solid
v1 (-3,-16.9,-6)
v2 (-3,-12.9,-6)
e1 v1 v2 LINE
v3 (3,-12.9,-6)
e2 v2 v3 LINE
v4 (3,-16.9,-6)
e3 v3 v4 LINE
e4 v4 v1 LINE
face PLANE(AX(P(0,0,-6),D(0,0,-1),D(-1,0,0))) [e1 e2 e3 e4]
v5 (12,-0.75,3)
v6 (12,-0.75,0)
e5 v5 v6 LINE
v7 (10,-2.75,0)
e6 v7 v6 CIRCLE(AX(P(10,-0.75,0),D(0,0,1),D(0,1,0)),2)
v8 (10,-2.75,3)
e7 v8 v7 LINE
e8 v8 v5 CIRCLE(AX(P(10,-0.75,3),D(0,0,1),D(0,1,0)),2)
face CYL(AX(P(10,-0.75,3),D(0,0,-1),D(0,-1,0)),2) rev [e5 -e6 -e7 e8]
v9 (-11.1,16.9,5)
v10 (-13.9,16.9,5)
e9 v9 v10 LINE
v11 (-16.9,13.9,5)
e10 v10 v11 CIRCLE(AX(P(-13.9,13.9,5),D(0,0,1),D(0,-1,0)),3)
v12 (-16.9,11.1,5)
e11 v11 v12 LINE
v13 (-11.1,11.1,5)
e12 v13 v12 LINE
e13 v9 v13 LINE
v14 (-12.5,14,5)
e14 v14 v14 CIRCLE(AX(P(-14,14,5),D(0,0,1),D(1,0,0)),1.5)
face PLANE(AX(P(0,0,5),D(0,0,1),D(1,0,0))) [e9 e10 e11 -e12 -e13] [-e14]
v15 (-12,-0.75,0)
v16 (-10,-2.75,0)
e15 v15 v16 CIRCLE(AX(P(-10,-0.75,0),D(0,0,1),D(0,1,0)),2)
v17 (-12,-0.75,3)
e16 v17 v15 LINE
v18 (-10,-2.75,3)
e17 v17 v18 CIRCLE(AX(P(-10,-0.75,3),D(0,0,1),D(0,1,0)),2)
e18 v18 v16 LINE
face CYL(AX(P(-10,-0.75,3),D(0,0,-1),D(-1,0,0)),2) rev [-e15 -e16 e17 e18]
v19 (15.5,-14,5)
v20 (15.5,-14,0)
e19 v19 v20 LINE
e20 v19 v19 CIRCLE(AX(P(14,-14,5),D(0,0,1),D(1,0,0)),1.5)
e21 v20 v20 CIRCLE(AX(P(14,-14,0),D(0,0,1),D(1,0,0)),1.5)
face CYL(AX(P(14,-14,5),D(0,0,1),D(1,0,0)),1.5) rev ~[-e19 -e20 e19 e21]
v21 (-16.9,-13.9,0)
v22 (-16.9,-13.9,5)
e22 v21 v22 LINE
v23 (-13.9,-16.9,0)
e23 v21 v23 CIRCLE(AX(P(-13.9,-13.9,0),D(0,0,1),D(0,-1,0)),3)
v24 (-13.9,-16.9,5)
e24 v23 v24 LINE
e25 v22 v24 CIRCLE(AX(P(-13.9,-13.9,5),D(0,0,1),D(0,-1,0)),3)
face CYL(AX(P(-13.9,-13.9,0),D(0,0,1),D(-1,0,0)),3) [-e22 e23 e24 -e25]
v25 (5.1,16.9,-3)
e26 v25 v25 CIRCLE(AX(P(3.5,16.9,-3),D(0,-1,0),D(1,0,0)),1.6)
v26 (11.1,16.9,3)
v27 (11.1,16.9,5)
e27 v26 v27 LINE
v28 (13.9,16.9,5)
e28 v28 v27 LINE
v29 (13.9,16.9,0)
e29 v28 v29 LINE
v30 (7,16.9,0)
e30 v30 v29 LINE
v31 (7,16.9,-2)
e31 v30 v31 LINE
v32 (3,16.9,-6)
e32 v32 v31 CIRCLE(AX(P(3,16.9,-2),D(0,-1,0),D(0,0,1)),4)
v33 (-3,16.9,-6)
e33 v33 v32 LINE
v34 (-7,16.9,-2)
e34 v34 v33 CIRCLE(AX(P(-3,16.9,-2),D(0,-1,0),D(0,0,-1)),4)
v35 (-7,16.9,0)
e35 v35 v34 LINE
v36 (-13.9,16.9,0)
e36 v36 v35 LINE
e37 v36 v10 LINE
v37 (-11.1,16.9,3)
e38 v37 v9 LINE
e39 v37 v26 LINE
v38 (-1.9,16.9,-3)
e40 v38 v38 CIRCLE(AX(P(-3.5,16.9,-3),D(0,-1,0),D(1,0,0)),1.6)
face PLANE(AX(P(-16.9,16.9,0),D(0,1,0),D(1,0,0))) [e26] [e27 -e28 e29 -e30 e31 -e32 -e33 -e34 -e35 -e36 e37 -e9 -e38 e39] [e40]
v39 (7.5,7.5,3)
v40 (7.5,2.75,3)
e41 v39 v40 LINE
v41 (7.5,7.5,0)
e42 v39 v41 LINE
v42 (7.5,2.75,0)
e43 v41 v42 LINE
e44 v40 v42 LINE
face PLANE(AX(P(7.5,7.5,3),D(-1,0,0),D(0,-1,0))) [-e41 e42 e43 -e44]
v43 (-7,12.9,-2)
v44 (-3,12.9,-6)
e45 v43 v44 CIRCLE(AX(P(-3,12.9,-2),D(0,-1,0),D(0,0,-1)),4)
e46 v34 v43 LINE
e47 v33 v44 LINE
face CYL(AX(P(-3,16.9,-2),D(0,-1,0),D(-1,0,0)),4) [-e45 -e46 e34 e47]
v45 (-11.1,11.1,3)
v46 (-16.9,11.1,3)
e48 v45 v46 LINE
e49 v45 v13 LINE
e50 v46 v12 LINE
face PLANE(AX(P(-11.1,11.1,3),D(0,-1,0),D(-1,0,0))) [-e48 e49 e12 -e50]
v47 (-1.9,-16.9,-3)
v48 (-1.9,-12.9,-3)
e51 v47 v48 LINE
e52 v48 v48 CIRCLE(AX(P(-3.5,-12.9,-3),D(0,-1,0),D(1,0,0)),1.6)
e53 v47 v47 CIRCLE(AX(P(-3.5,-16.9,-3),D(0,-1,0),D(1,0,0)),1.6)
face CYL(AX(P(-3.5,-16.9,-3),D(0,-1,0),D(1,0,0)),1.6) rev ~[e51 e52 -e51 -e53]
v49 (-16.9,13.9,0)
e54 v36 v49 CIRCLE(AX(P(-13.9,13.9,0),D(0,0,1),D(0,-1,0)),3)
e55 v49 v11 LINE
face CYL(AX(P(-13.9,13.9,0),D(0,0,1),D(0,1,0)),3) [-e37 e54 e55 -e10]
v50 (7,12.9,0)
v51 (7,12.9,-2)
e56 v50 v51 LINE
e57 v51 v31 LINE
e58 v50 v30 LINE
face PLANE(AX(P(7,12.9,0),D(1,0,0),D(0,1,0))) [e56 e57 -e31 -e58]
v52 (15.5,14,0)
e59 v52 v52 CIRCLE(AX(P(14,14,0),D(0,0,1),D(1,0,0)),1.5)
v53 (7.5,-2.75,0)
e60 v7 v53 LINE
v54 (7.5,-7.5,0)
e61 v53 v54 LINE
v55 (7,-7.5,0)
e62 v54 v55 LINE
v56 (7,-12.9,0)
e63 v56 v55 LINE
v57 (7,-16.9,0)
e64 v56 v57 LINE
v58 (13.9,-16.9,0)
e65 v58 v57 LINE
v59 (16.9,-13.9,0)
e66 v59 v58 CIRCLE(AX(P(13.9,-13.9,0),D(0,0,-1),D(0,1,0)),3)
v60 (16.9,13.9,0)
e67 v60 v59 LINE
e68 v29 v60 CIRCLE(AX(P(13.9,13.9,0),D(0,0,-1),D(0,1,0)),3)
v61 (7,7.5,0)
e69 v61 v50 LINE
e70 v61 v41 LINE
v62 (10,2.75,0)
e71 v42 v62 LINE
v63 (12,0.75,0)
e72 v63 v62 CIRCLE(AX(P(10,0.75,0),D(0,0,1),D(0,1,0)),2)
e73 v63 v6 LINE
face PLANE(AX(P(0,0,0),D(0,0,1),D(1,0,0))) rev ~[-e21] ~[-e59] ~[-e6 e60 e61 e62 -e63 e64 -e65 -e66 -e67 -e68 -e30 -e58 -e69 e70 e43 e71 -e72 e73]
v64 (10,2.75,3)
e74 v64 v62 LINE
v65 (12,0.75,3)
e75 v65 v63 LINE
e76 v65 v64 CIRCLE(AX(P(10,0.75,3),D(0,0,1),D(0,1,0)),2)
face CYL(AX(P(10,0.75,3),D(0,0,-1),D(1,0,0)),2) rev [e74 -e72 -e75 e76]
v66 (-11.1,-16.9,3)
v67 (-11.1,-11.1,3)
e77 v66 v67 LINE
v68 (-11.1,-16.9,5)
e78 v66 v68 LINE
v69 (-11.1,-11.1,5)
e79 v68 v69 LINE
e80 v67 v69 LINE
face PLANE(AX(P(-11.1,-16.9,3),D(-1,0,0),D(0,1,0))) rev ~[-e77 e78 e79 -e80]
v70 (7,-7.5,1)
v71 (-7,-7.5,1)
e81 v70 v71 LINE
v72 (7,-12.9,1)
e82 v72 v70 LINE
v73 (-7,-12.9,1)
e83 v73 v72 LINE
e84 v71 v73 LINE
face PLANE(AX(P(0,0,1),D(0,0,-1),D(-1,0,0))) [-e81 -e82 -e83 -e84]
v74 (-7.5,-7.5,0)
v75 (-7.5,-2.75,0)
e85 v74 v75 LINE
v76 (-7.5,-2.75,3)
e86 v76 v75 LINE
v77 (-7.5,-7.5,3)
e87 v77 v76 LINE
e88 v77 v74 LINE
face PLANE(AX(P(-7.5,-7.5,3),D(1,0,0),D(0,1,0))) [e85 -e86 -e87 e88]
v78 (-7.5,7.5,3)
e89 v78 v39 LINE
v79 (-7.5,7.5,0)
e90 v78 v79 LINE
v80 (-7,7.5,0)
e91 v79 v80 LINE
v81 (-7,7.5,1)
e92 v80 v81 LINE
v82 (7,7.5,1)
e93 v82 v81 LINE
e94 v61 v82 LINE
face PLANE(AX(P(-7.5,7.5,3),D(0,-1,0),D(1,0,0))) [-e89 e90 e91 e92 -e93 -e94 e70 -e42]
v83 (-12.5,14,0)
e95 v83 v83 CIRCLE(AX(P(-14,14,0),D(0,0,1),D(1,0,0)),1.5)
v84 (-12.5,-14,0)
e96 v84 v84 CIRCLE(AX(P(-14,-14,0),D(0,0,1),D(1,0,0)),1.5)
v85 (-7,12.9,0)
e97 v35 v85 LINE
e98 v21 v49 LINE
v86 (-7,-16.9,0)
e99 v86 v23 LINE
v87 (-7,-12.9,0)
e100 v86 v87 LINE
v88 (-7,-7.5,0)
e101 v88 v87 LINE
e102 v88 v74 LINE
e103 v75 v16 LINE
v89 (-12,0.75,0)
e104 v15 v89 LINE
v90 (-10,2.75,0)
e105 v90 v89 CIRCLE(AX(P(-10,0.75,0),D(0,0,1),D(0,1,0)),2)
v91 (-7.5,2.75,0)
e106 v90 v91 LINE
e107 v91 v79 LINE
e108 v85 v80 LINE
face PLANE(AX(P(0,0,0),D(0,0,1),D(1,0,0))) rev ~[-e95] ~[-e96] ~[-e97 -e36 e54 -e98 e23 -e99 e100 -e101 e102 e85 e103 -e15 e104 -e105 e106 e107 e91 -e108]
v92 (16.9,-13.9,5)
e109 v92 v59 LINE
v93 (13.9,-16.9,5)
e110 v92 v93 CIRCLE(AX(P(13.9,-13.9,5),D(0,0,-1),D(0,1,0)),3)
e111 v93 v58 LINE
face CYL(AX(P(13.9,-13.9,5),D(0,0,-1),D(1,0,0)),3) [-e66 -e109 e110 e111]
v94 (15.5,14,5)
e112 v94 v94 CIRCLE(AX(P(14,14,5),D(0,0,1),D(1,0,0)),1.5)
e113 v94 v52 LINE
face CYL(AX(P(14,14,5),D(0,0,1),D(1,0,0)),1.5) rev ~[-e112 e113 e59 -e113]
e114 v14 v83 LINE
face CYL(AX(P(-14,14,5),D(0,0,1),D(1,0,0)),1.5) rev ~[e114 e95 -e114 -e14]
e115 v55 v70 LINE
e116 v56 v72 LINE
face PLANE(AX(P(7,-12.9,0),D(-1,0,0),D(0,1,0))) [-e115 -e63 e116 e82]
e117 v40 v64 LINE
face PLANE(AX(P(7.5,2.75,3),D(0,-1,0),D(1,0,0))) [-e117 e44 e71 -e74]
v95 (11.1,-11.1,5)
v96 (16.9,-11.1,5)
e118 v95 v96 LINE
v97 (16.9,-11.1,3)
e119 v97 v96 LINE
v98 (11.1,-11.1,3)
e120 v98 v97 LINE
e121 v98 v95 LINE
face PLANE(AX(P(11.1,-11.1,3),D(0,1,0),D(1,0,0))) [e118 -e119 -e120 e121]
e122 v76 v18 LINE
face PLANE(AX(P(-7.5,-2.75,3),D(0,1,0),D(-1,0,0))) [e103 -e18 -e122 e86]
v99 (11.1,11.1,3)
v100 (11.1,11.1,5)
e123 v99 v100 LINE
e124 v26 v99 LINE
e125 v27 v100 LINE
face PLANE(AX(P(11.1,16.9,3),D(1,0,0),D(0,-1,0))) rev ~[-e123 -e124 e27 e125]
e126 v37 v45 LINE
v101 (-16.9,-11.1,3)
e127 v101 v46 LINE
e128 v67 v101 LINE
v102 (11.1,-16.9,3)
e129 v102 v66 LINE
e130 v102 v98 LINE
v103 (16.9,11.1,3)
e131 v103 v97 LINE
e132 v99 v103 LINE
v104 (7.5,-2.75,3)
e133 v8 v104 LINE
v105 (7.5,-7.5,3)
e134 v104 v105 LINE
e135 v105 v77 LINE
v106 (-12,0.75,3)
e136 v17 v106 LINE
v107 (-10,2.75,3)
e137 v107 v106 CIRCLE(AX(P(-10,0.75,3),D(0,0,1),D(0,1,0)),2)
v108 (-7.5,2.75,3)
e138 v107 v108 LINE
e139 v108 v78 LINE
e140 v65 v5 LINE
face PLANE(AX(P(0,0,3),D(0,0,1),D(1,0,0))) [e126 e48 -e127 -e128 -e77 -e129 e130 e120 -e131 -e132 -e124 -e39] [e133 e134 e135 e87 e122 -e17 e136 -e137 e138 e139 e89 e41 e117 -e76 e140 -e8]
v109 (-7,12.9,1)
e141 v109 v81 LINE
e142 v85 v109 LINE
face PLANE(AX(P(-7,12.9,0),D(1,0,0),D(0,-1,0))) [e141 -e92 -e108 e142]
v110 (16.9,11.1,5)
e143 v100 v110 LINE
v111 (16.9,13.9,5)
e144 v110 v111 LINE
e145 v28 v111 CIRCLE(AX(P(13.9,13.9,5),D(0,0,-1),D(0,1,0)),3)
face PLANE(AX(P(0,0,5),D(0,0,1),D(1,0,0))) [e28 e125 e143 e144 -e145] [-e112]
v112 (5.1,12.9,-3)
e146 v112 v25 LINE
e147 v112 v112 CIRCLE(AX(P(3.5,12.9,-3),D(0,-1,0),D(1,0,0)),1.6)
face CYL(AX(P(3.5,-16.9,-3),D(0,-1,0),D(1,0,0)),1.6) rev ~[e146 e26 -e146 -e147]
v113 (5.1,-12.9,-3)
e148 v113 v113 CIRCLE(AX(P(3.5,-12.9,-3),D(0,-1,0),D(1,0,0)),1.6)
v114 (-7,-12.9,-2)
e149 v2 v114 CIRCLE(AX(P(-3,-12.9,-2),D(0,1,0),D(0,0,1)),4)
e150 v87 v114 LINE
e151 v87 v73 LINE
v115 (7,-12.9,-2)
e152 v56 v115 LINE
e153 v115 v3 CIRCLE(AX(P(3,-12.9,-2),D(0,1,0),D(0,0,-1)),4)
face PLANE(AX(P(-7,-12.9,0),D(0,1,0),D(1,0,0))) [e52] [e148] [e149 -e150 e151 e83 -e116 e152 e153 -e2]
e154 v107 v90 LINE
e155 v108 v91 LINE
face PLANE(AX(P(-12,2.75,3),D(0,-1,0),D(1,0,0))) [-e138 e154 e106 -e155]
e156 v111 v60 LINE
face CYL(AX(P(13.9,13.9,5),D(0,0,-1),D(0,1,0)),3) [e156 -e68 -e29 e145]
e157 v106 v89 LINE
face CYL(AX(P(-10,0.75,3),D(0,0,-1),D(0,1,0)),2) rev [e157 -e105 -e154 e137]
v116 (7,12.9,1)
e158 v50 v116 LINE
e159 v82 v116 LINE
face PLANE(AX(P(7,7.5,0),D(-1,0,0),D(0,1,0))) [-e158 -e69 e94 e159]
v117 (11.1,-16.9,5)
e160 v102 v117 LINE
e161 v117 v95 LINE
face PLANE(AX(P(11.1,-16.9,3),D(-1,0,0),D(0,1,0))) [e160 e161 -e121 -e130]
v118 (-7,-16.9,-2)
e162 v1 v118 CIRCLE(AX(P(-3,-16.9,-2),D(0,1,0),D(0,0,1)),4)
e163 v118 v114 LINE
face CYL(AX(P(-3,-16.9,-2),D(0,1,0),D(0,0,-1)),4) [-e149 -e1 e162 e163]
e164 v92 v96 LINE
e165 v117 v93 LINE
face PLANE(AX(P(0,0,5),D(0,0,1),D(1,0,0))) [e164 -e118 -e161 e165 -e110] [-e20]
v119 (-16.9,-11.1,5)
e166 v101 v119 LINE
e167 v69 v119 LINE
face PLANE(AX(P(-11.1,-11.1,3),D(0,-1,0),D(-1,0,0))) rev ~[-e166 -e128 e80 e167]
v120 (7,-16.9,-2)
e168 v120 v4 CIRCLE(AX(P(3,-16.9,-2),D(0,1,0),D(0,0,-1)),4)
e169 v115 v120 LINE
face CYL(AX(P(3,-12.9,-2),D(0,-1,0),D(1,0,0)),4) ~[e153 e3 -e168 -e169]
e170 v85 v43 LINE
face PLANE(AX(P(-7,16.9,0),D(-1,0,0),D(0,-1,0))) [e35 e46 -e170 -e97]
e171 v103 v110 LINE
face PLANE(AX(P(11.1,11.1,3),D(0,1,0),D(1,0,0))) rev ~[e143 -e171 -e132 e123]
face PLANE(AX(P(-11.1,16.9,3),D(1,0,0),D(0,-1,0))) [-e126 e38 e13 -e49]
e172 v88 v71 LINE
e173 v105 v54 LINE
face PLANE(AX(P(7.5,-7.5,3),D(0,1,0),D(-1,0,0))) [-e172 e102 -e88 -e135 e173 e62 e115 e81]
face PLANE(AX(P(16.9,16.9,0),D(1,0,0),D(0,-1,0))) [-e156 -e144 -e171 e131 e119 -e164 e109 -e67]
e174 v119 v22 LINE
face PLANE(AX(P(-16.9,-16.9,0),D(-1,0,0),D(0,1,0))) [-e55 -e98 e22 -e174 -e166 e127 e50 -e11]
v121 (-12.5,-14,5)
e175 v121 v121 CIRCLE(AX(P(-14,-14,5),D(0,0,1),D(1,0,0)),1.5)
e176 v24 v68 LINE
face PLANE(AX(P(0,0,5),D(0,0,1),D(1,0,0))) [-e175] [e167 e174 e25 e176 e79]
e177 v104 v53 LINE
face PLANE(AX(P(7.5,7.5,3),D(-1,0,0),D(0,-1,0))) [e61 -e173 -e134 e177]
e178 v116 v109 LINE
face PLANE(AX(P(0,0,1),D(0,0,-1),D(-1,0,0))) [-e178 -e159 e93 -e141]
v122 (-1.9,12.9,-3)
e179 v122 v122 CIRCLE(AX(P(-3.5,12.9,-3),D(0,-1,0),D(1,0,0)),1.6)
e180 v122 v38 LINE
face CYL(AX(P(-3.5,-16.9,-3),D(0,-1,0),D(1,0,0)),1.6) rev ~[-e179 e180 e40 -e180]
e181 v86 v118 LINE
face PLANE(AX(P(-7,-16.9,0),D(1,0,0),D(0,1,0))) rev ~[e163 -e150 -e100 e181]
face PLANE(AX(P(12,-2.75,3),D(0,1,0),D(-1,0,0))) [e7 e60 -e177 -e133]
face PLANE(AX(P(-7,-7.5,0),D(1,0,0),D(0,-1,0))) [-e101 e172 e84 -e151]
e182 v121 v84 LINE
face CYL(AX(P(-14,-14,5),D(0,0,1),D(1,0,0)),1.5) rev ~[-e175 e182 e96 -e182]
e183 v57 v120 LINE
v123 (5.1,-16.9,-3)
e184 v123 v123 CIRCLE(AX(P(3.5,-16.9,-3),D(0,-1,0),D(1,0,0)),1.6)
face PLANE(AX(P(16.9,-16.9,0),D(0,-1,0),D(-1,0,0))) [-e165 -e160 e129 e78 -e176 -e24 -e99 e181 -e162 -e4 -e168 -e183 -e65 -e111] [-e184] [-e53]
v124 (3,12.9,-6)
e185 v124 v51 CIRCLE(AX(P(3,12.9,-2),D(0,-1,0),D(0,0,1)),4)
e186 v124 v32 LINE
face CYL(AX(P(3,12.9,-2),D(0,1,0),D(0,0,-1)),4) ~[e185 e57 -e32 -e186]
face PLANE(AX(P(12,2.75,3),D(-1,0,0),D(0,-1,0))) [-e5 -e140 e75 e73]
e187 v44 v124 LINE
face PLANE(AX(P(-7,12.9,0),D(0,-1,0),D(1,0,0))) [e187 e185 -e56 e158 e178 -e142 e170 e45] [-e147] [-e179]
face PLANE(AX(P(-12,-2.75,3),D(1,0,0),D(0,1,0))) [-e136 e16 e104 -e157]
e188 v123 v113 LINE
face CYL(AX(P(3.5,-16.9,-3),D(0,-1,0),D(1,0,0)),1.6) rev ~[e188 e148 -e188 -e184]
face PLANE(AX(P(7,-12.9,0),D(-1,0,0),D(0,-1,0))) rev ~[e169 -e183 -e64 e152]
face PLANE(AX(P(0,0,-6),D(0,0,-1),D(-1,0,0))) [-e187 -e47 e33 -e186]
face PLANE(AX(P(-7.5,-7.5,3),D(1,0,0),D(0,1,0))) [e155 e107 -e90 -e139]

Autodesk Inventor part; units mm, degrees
ref_plane "YZ Plane" through (0, 0, 0) normal (1, 0, 0) x (0, 1, 0)
ref_plane "XZ Plane" through (0, 0, 0) normal (0, 1, 0) x (-1, 0, 0)
ref_plane "XY Plane" through (0, 0, 0) normal (0, 0, 1) x (1, 0, 0)
sketch "스케치1" plane through (0, 0, 0) normal (0, 0, 1) x (1, 0, 0)
  line L0 (-16.9, 16.9) -> (16.9, 16.9)
  line L1 (16.9, 16.9) -> (16.9, -16.9)
  line L2 (16.9, -16.9) -> (-16.9, -16.9)
  line L3 (-16.9, -16.9) -> (-16.9, 16.9)
  point P0 (0, 0)
  dimension "d0" = 33.8
  dimension "d1" = 33.8
  dimension "d2" = 16.9
  dimension "d3" = 16.9
extrude "돌출1" add sketch "스케치1" along normal blind 3
sketch "스케치2" plane through (0, 0, 3) normal (0, 0, 1) x (1, 0, 0)
  circle A0 centre (-14, 14) radius 1.25
  circle A1 centre (14, 14) radius 1.25
  circle A2 centre (-14, -14) radius 1.25
  circle A3 centre (14, -14) radius 1.25
  line L0 (-16.9, 16.9) -> (-16.9, -16.9) projected
  line L1 (16.9, 16.9) -> (-16.9, 16.9) projected
  line L2 (16.9, -16.9) -> (16.9, 16.9) projected
  line L3 (-16.9, -16.9) -> (16.9, -16.9) projected
  line L4 (-16.9, 16.9) -> (-11.1, 16.9)
  line L5 (-11.1, 16.9) -> (-11.1, 11.1)
  line L6 (-11.1, 11.1) -> (-16.9, 11.1)
  line L7 (-16.9, 11.1) -> (-16.9, 16.9)
  line L8 (16.9, 16.9) -> (11.1, 16.9)
  line L9 (11.1, 16.9) -> (11.1, 11.1)
  line L10 (11.1, 11.1) -> (16.9, 11.1)
  line L11 (16.9, 11.1) -> (16.9, 16.9)
  line L12 (-16.9, -16.9) -> (-11.1, -16.9)
  line L13 (-11.1, -16.9) -> (-11.1, -11.1)
  line L14 (-11.1, -11.1) -> (-16.9, -11.1)
  line L15 (-16.9, -11.1) -> (-16.9, -16.9)
  line L16 (16.9, -16.9) -> (11.1, -16.9)
  line L17 (11.1, -16.9) -> (11.1, -11.1)
  line L18 (11.1, -11.1) -> (16.9, -11.1)
  line L19 (16.9, -11.1) -> (16.9, -16.9)
  point P0 (0, 0)
  dimension "d6" = 2.5
  dimension "d7" = 2.5
  dimension "d8" = 2.5
  dimension "d9" = 2.5
  dimension "d10" = 2.9
  dimension "d11" = 2.9
  dimension "d12" = 2.9
  dimension "d13" = 2.9
  dimension "d14" = 2.9
  dimension "d15" = 2.9
  dimension "d16" = 2.9
  dimension "d17" = 2.9
  dimension "d18" = 5.8
  dimension "d19" = 5.8
  dimension "d20" = 11.1
  dimension "d21" = 5.8
  dimension "d22" = 5.8
  dimension "d23" = 5.8
  dimension "d24" = 5.8
  dimension "d25" = 5.8
  dimension "d26" = 5.8
extrude "돌출2" add sketch "스케치2" along normal blind 2 contours A0 | A1 | A2 | A3 | L1 L5 L6 L0 | L14 L13 L3 L0 | L1 L2 L10 L9 | L17 L18 L2 L3
sketch "스케치3" plane through (0, 0, 5) normal (0, 0, 1) x (1, 0, 0)
  circle A0 centre (-14, 14) radius 1.5
  circle A1 centre (14, 14) radius 1.5
  circle A2 centre (14, -14) radius 1.5
  circle A3 centre (-14, -14) radius 1.5
  line L0 (-16.9, -11.1) -> (-16.9, -16.9) projected
  line L1 (-16.9, -16.9) -> (-11.1, -16.9) projected
  line L2 (11.1, -16.9) -> (16.9, -16.9) projected
  line L3 (16.9, -16.9) -> (16.9, -11.1) projected
  line L4 (11.1, 11.1) -> (16.9, 11.1) projected
  line L5 (16.9, 11.1) -> (16.9, 16.9) projected
  line L6 (-16.9, 16.9) -> (-16.9, 11.1) projected
  line L7 (-11.1, 16.9) -> (-16.9, 16.9) projected
  point P0 (0, 0)
  dimension "d29" = 3
  dimension "d30" = 3
  dimension "d31" = 3
  dimension "d32" = 3
  dimension "d33" = 2.9
  dimension "d34" = 2.9
  dimension "d35" = 2.9
  dimension "d36" = 2.9
  dimension "d37" = 2.9
  dimension "d38" = 2.9
  dimension "d39" = 2.9
  dimension "d40" = 2.9
extrude "돌출3" cut sketch "스케치3" against normal up to surface (5 mm away)
sketch "스케치4" plane through (0, 0, 3) normal (0, 0, 1) x (1, 0, 0)
  line L0 (-7.5, 7.5) -> (7.5, 7.5)
  line L1 (7.5, 7.5) -> (7.5, -7.5)
  line L2 (7.5, -7.5) -> (-7.5, -7.5)
  line L3 (-7.5, -7.5) -> (-7.5, 7.5)
  point P0 (0, 0)
  dimension "d43" = 15
  dimension "d44" = 15
  dimension "d45" = 7.5
  dimension "d46" = 7.5
extrude "돌출4" cut sketch "스케치4" against normal up to surface (3 mm away)
sketch "스케치5" plane through (0, 0, 3) normal (0, 0, 1) x (1, 0, 0)
  line L0 (-7.5, -2.75) -> (-12, -2.75)
  line L1 (-12, -2.75) -> (-12, 2.75)
  line L2 (-12, 2.75) -> (-7.5, 2.75)
  line L3 (-7.5, 2.75) -> (-7.5, -2.75)
  line L4 (7.5, 2.75) -> (12, 2.75)
  line L5 (12, 2.75) -> (12, -2.75)
  line L6 (12, -2.75) -> (7.5, -2.75)
  line L7 (7.5, -2.75) -> (7.5, 2.75)
  line L8 (-7.5, -7.5) -> (-7.5, 7.5) projected
  line L9 (7.5, 7.5) -> (7.5, -7.5) projected
  point P0 (0, 0)
  dimension "d49" = 4.5
  dimension "d50" = 5.5
  dimension "d51" = 4.5
  dimension "d52" = 5.5
  dimension "d53" = 0
  dimension "d54" = 2.75
  dimension "d55" = 0
  dimension "d56" = 2.75
extrude "돌출5" cut sketch "스케치5" against normal up to surface (3 mm away)
fillet "모깎기1" radius 2 4 edges at (-12, 2.75, 1.5) (-12, -2.75, 1.5) (12, -2.75, 1.5) (12, 2.75, 1.5)
sketch "스케치6" plane through (0, 0, 0) normal (0, 0, -1) x (-1, 0, 0)
  line L0 (16.9, 16.9) -> (-16.9, 16.9) projected
  line L1 (-7, 16.9) -> (7, 16.9)
  line L2 (7, 16.9) -> (7, 12.9)
  line L3 (7, 12.9) -> (-7, 12.9)
  line L4 (-7, 12.9) -> (-7, 16.9)
  line L5 (-7, -16.9) -> (7, -16.9)
  line L6 (7, -16.9) -> (7, -12.9)
  line L7 (7, -12.9) -> (-7, -12.9)
  line L8 (-7, -12.9) -> (-7, -16.9)
  line L9 (-16.9, -16.9) -> (16.9, -16.9) projected
  point P0 (0, 0)
  dimension "d60" = 4
  dimension "d61" = 4
  dimension "d62" = 4
  dimension "d63" = 14
  dimension "d64" = 7
  dimension "d65" = 7
  dimension "d66" = 14
extrude "돌출6" add sketch "스케치6" along normal blind 6
sketch "스케치7" plane through (-11.1, -16.9, 3) normal (0, -1, 0) x (1, 0, 0)
  circle A0 centre (14.6, -6) radius 1.6
  circle A1 centre (7.6, -6) radius 1.6
  line L0 (18.1, -3) -> (18.1, -9) projected
  line L1 (4.1, -3) -> (4.1, -9) projected
  line L2 (18.1, -9) -> (4.1, -9) projected
  point P0 (11.1, -3)
  dimension "d69" = 3.2
  dimension "d70" = 3.5
  dimension "d71" = 3.5
  dimension "d72" = 3
  dimension "d73" = 3
  dimension "d74" = 3.2
extrude "돌출7" cut sketch "스케치7" against normal up to surface (33.8 mm away)
fillet "모깎기2" radius 4 4 edges at (-7, 14.9, -6) (7, 14.9, -6) (-7, -14.9, -6) (7, -14.9, -6)
fillet "모깎기2" radius 3 4 edges at (-16.9, 16.9, 2.5) (-16.9, -16.9, 2.5) (16.9, 16.9, 2.5) (16.9, -16.9, 2.5)
sketch "스케치10" plane through (0, 0, 0) normal (0, 0, -1) x (-1, 0, 0)
  line L0 (7, -16.9) -> (7, -12.9) projected
  line L1 (-7.5, -7.5) -> (7.5, -7.5) projected
  line L2 (7, -12.9) -> (-7, -12.9)
  line L3 (-7, -12.9) -> (-7, -7.5)
  line L4 (-7, -7.5) -> (7, -7.5)
  line L5 (7, -7.5) -> (7, -12.9)
  line L6 (-7, -12.9) -> (-7, -16.9) projected
  line L7 (-7.5, 7.5) -> (7.5, 7.5) projected
  line L8 (-7, 12.9) -> (7, 12.9)
  line L9 (7, 12.9) -> (7, 7.5)
  line L10 (7, 7.5) -> (-7, 7.5)
  line L11 (-7, 7.5) -> (-7, 12.9)
  point P0 (0, 0)
  dimension "d94" = 14
  dimension "d96" = 14
  dimension "d99" = 14
extrude "돌출10" cut sketch "스케치10" against normal blind 1
equation "\"d2\" = 0.5 * d0"
equation "\"d3\" = 0.5 * d1"
equation "\"d45\" = 0.5 * d44"
equation "\"d46\" = 0.5 * d43"
equation "\"d54\" = 0.5 * d50"
equation "\"d56\" = 0.5 * d52"
equation "\"d64\" = 0.5 * d63"
equation "\"d65\" = 0.5 * d66"
equation "\"d72\" = d73"
equation "\"d96\" = d94"
properties part number "Camera_Cover" material "LCP 플라스틱"
